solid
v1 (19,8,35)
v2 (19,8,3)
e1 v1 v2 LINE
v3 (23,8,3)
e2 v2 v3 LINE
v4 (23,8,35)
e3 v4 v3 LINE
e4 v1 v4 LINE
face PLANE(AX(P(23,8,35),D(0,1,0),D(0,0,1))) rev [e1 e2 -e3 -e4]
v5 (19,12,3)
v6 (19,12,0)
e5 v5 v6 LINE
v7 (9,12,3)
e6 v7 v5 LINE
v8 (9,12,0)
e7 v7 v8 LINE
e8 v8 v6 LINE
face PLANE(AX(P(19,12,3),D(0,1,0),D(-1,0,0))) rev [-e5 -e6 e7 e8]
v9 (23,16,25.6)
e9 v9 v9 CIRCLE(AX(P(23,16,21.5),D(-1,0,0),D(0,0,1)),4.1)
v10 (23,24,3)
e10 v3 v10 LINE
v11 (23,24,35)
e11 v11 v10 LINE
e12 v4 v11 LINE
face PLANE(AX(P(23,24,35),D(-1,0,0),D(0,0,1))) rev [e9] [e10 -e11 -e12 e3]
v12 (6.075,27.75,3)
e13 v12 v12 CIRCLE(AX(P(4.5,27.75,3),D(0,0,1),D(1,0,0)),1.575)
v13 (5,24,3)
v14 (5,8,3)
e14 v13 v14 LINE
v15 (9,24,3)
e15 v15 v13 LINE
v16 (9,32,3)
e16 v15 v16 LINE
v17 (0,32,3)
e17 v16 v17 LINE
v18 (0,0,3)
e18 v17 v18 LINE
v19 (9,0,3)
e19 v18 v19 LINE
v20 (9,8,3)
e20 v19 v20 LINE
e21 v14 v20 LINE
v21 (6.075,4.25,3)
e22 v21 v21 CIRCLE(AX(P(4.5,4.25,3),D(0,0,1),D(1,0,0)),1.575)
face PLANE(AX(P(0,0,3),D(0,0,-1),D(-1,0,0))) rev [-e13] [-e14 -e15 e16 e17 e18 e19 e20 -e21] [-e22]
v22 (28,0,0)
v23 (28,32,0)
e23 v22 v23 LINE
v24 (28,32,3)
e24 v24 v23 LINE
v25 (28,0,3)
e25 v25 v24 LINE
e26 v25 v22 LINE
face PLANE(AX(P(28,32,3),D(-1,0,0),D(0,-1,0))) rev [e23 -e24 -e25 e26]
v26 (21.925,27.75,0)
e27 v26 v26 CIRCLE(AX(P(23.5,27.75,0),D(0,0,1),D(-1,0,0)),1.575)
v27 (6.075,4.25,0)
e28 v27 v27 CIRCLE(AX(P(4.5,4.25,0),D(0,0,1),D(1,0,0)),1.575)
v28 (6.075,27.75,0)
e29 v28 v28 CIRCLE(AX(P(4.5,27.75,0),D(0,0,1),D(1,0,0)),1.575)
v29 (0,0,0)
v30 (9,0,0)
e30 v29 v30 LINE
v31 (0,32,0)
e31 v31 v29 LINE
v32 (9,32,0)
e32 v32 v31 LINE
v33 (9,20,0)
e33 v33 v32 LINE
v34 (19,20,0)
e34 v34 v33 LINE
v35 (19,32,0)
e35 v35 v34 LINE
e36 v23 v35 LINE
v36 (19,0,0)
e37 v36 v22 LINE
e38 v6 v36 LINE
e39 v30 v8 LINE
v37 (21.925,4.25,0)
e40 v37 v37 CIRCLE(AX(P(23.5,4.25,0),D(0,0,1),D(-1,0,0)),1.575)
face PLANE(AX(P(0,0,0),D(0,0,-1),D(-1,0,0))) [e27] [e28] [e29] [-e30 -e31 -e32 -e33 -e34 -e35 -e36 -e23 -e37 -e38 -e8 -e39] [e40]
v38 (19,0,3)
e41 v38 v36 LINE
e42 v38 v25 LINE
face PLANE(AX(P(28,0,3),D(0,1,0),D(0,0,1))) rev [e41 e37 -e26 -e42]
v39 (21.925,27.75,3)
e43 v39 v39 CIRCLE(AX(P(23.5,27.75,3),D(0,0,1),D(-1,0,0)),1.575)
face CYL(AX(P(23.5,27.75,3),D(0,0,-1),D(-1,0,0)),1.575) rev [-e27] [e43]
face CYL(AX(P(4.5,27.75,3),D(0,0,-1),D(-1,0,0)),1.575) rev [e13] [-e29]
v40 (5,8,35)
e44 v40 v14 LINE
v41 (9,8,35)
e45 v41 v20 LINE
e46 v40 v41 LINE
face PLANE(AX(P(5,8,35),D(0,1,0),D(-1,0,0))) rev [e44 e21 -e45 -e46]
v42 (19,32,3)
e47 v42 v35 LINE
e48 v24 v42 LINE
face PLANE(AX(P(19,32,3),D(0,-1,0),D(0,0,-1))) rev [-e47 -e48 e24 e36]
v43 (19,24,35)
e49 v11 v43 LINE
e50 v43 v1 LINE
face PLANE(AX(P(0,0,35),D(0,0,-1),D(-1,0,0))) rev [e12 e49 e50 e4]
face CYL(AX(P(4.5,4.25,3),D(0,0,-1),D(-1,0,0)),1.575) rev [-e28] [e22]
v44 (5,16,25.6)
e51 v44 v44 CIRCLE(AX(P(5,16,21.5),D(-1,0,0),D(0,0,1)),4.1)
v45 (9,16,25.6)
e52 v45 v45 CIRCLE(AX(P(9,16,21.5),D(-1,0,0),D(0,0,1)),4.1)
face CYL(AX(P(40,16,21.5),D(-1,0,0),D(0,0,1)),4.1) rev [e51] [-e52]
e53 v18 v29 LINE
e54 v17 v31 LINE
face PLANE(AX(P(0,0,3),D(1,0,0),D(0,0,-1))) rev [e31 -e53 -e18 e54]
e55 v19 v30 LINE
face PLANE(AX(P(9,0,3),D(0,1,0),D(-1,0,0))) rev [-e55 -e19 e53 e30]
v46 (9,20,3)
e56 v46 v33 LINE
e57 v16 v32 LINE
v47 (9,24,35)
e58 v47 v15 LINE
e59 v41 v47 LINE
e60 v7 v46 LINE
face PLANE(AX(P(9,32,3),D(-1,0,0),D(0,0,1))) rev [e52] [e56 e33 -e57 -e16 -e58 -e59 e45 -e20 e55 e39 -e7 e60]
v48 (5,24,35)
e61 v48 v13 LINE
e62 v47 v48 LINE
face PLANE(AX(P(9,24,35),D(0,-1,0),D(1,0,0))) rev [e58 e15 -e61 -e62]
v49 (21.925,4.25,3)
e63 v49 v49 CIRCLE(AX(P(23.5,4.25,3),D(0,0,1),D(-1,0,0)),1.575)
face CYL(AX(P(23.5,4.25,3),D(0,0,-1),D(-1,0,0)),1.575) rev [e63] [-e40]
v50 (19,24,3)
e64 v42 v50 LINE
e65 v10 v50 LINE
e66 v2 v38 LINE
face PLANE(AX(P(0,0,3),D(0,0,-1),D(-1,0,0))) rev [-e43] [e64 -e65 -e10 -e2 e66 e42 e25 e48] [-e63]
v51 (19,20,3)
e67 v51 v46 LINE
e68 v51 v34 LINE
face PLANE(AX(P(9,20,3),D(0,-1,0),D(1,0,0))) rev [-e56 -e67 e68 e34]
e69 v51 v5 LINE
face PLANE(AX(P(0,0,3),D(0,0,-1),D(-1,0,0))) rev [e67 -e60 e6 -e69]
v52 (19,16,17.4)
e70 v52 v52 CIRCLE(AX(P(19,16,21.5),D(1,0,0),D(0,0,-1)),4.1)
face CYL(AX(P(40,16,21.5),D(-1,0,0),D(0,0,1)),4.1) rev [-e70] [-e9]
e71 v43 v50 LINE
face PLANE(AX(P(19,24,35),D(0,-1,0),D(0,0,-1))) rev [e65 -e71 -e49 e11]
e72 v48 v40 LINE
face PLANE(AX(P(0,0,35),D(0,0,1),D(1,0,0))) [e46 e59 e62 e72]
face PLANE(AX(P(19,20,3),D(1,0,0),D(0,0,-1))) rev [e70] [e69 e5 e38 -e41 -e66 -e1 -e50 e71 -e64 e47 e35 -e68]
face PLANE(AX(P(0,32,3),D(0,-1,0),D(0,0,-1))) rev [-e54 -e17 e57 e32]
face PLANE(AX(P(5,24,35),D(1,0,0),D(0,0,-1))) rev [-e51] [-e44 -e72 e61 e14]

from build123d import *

# Parameters (mm, degrees)
SKETCH1_R           = 1.575
BOSS_EXTRUDE1_DEPTH = 3
SKETCH2_W           = 4
SKETCH2_H           = 16
BOSS_EXTRUDE2_DEPTH = 32
SKETCH3_R           = 4.1
CUT_EXTRUDE1_DEPTH  = 35


with BuildPart() as part:
    # Sketch1 → Boss-Extrude1 (new body)
    with BuildSketch(Plane.XY):
        Polygon((0, 0), (0, 32), (9, 32), (9, 20), (19, 20), (19, 32), (28, 32), (28, 0), (19, 0), (19, 12), (9, 12), (9, 0), align=None)
        with Locations((4.5, 27.75)):
            Circle(SKETCH1_R, mode=Mode.SUBTRACT)
        with Locations((4.5, 4.25)):
            Circle(SKETCH1_R, mode=Mode.SUBTRACT)
        with Locations(Location((23.5, 4.25, 0), (0, 0, 180))):
            Circle(SKETCH1_R, mode=Mode.SUBTRACT)
        with Locations(Location((23.5, 27.75, 0), (0, 0, 180))):
            Circle(SKETCH1_R, mode=Mode.SUBTRACT)
    extrude(amount=BOSS_EXTRUDE1_DEPTH)

    # Sketch2 → Boss-Extrude2 (add)
    with BuildSketch(Plane.XY.offset(3)):
        with Locations((7, 16)):
            Rectangle(SKETCH2_W, SKETCH2_H)
        with Locations((21, 16)):
            Rectangle(SKETCH2_W, SKETCH2_H)
    extrude(amount=BOSS_EXTRUDE2_DEPTH)

    # Sketch3 → Cut-Extrude1 (cut)
    with BuildSketch(Plane.ZY.offset(-5)):
        with Locations((21.5, 16)):
            Circle(SKETCH3_R)
    extrude(amount=-CUT_EXTRUDE1_DEPTH, mode=Mode.SUBTRACT)


solid = part.part
